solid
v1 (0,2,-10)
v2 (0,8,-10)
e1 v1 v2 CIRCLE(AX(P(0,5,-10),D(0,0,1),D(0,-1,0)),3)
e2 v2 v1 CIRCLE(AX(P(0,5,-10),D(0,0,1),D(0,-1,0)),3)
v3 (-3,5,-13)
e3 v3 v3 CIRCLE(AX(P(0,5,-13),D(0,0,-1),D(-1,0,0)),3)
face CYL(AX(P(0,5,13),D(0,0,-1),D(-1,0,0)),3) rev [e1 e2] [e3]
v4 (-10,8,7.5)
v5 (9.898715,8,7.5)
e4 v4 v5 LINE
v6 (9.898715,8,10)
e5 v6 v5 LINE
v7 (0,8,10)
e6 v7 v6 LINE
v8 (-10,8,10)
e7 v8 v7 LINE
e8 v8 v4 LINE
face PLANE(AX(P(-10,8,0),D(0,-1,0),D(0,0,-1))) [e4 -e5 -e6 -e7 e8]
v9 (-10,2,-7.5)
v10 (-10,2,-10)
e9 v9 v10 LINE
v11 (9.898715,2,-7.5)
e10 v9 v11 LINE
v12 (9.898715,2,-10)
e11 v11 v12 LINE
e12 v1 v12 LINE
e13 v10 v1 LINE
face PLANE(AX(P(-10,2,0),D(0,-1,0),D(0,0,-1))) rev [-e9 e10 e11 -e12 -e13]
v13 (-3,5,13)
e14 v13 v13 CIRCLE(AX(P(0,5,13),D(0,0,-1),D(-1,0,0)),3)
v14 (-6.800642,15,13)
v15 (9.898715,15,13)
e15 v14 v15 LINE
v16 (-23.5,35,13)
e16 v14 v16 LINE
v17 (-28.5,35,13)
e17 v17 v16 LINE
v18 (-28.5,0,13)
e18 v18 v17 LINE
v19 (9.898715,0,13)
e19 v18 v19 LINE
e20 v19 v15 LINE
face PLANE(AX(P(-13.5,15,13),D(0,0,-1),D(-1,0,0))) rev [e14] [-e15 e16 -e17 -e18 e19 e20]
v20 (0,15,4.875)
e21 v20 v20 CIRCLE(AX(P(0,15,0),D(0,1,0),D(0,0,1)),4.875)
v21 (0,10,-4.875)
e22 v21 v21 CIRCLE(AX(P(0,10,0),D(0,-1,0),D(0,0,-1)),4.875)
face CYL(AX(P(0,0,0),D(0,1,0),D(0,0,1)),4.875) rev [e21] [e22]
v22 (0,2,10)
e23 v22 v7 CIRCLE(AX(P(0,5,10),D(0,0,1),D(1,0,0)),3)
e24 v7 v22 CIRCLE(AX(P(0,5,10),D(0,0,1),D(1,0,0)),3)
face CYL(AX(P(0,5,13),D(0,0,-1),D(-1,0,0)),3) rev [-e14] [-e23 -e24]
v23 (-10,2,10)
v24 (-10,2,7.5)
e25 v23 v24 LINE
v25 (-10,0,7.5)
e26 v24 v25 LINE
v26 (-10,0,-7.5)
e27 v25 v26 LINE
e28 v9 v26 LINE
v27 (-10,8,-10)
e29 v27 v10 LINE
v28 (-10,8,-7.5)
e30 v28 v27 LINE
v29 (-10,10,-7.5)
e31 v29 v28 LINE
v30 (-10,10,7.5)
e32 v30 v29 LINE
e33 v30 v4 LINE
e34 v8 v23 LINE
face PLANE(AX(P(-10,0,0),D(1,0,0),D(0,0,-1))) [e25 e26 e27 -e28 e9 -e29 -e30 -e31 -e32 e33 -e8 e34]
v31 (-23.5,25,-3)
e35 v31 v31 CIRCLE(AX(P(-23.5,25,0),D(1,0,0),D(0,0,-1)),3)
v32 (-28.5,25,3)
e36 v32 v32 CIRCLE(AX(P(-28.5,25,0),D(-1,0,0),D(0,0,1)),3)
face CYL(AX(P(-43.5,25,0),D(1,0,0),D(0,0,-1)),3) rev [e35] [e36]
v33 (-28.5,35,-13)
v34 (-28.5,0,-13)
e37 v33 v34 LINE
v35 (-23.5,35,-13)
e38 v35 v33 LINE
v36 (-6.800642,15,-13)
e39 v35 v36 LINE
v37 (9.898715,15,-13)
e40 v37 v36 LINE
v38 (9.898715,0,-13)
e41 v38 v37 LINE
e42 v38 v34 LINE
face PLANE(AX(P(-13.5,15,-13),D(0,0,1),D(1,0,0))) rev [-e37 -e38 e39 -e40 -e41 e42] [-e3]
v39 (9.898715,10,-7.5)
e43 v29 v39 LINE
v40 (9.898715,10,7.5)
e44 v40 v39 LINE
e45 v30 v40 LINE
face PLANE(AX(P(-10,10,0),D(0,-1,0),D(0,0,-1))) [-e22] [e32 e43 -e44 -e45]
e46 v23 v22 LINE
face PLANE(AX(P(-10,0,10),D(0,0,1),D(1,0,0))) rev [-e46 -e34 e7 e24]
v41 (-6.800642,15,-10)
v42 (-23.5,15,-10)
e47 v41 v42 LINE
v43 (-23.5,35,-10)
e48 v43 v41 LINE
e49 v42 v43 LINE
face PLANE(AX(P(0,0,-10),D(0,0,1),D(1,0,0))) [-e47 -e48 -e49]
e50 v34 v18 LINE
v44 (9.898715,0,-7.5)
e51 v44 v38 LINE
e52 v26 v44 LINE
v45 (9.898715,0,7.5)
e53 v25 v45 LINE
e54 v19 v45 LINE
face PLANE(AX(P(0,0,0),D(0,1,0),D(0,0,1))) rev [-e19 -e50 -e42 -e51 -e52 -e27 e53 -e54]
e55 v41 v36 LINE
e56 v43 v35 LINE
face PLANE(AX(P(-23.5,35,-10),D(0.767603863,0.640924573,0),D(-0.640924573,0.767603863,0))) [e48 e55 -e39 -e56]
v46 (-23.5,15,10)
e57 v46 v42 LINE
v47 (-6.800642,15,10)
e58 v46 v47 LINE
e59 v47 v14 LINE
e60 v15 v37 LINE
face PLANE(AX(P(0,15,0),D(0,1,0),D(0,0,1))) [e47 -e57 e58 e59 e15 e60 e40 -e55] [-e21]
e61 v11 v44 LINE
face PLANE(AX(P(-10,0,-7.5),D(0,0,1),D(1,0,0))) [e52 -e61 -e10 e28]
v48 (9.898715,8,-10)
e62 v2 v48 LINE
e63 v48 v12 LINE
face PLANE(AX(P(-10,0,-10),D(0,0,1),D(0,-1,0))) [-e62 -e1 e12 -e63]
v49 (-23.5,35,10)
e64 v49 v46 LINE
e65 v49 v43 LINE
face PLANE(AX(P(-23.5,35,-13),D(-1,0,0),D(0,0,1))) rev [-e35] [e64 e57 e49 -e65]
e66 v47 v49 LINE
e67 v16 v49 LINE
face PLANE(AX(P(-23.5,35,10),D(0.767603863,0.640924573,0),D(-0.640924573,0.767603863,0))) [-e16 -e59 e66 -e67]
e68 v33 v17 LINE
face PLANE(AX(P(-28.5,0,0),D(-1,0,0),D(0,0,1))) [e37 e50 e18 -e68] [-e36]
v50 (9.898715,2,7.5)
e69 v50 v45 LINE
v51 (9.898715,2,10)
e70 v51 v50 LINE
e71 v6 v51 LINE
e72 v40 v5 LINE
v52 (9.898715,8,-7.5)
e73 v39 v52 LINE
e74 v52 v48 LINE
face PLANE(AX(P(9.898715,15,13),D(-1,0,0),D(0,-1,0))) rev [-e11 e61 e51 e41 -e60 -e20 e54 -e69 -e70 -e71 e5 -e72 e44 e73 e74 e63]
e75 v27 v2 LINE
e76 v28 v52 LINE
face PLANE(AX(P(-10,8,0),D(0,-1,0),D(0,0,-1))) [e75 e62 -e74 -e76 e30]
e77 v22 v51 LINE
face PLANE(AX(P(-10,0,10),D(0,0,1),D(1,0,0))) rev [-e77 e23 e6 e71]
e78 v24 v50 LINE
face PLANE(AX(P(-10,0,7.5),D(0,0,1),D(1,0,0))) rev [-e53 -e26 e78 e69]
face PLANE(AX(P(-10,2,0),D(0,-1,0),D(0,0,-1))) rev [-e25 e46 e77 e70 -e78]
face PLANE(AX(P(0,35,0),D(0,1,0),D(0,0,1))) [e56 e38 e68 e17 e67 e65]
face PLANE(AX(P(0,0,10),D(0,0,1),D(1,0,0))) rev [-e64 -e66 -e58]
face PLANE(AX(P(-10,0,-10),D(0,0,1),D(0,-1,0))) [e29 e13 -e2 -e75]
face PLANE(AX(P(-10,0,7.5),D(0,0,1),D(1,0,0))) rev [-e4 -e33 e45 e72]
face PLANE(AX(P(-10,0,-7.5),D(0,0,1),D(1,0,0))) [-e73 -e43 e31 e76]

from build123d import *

# Parameters (mm, degrees)
SKETCH1_W           = 27
SKETCH1_H           = 26
BOSS_EXTRUDE1_DEPTH = 15
CUT_EXTRUDE2_DEPTH  = 23.5
SKETCH5_W           = 3.601284645
SKETCH5_H           = 15
CUT_EXTRUDE3_DEPTH  = 33.912763482
SKETCH6_R           = 3
CUT_EXTRUDE4_DEPTH  = 33.912763482
SKETCH11_R          = 4.875
CUT_EXTRUDE6_DEPTH  = 25.005207768
SKETCH13_W          = 26
SKETCH13_H          = 15
BOSS_EXTRUDE3_DEPTH = 15
SKETCH14_W          = 5
SKETCH14_H          = 26
BOSS_EXTRUDE4_DEPTH = 20
SKETCH15_R          = 3
CUT_EXTRUDE7_DEPTH  = 20
BOSS_EXTRUDE5_DEPTH = 3
BOSS_EXTRUDE6_DEPTH = 3


with BuildPart() as part:
    # Sketch1 → Boss-Extrude1 (new body)
    with BuildSketch(Plane(origin=(0, 0, 0), x_dir=(1, 0, 0), z_dir=(0, 1, 0))):
        Rectangle(SKETCH1_W, SKETCH1_H)
    extrude(amount=BOSS_EXTRUDE1_DEPTH)

    # Sketch4 → Cut-Extrude2 (cut)
    with BuildSketch(Plane(origin=(13.5, 0, 0), x_dir=(0, 0, -1), z_dir=(1, 0, 0))):
        Polygon((-10, 2), (-7.5, 2), (-7.5, 0), (7.5, 0), (7.5, 2), (10, 2), (10, 8), (7.5, 8), (7.5, 10), (-7.5, 10), (-7.5, 8), (-10, 8), align=None)
    extrude(amount=-CUT_EXTRUDE2_DEPTH, mode=Mode.SUBTRACT)

    # Sketch5 → Cut-Extrude3 (cut, through all)
    with BuildSketch(Plane(origin=(0, 0, -13), x_dir=(-1, 0, 0), z_dir=(0, 0, -1))):
        with Locations((-11.699357678, 7.5)):
            Rectangle(SKETCH5_W, SKETCH5_H)
    extrude(amount=-CUT_EXTRUDE3_DEPTH, mode=Mode.SUBTRACT)

    # Sketch6 → Cut-Extrude4 (cut, through all)
    with BuildSketch(Plane(origin=(0, 0, -13), x_dir=(-1, 0, 0), z_dir=(0, 0, -1))):
        with Locations((0, 5)):
            Circle(SKETCH6_R)
    extrude(amount=-CUT_EXTRUDE4_DEPTH, mode=Mode.SUBTRACT)

    # Sketch11 → Cut-Extrude6 (cut, through all)
    with BuildSketch(Plane(origin=(0, 15, 0), x_dir=(1, 0, 0), z_dir=(0, 1, 0))):
        with Locations(Location((0, 0, 0), (0, 0, 270))):
            Circle(SKETCH11_R)
    extrude(amount=-CUT_EXTRUDE6_DEPTH, mode=Mode.SUBTRACT)

    # Sketch13 → Boss-Extrude3 (add)
    with BuildSketch(Plane.ZY.offset(13.5)):
        with Locations((0, 7.5)):
            Rectangle(SKETCH13_W, SKETCH13_H)
    extrude(amount=BOSS_EXTRUDE3_DEPTH)

    # Sketch14 → Boss-Extrude4 (add)
    with BuildSketch(Plane(origin=(0, 15, 0), x_dir=(1, 0, 0), z_dir=(0, 1, 0))):
        with Locations((-26, 0)):
            Rectangle(SKETCH14_W, SKETCH14_H)
    extrude(amount=BOSS_EXTRUDE4_DEPTH)

    # Sketch15 → Cut-Extrude7 (cut)
    with BuildSketch(Plane(origin=(-23.5, 0, 0), x_dir=(0, 0, -1), z_dir=(1, 0, 0))):
        with Locations((0, 25)):
            Circle(SKETCH15_R)
    extrude(amount=-CUT_EXTRUDE7_DEPTH, mode=Mode.SUBTRACT)

    # Sketch16 → Boss-Extrude5 (add)
    with BuildSketch(Plane(origin=(0, 0, -13), x_dir=(-1, 0, 0), z_dir=(0, 0, -1))):
        Polygon((23.5, 35), (6.800642322, 15), (23.5, 15), align=None)
    extrude(amount=-BOSS_EXTRUDE5_DEPTH)

    # Sketch17 → Boss-Extrude6 (add)
    with BuildSketch(Plane.XY.offset(13)):
        Polygon((-23.5, 35), (-6.800642322, 15), (-23.5, 15), align=None)
    extrude(amount=-BOSS_EXTRUDE6_DEPTH)


solid = part.part
